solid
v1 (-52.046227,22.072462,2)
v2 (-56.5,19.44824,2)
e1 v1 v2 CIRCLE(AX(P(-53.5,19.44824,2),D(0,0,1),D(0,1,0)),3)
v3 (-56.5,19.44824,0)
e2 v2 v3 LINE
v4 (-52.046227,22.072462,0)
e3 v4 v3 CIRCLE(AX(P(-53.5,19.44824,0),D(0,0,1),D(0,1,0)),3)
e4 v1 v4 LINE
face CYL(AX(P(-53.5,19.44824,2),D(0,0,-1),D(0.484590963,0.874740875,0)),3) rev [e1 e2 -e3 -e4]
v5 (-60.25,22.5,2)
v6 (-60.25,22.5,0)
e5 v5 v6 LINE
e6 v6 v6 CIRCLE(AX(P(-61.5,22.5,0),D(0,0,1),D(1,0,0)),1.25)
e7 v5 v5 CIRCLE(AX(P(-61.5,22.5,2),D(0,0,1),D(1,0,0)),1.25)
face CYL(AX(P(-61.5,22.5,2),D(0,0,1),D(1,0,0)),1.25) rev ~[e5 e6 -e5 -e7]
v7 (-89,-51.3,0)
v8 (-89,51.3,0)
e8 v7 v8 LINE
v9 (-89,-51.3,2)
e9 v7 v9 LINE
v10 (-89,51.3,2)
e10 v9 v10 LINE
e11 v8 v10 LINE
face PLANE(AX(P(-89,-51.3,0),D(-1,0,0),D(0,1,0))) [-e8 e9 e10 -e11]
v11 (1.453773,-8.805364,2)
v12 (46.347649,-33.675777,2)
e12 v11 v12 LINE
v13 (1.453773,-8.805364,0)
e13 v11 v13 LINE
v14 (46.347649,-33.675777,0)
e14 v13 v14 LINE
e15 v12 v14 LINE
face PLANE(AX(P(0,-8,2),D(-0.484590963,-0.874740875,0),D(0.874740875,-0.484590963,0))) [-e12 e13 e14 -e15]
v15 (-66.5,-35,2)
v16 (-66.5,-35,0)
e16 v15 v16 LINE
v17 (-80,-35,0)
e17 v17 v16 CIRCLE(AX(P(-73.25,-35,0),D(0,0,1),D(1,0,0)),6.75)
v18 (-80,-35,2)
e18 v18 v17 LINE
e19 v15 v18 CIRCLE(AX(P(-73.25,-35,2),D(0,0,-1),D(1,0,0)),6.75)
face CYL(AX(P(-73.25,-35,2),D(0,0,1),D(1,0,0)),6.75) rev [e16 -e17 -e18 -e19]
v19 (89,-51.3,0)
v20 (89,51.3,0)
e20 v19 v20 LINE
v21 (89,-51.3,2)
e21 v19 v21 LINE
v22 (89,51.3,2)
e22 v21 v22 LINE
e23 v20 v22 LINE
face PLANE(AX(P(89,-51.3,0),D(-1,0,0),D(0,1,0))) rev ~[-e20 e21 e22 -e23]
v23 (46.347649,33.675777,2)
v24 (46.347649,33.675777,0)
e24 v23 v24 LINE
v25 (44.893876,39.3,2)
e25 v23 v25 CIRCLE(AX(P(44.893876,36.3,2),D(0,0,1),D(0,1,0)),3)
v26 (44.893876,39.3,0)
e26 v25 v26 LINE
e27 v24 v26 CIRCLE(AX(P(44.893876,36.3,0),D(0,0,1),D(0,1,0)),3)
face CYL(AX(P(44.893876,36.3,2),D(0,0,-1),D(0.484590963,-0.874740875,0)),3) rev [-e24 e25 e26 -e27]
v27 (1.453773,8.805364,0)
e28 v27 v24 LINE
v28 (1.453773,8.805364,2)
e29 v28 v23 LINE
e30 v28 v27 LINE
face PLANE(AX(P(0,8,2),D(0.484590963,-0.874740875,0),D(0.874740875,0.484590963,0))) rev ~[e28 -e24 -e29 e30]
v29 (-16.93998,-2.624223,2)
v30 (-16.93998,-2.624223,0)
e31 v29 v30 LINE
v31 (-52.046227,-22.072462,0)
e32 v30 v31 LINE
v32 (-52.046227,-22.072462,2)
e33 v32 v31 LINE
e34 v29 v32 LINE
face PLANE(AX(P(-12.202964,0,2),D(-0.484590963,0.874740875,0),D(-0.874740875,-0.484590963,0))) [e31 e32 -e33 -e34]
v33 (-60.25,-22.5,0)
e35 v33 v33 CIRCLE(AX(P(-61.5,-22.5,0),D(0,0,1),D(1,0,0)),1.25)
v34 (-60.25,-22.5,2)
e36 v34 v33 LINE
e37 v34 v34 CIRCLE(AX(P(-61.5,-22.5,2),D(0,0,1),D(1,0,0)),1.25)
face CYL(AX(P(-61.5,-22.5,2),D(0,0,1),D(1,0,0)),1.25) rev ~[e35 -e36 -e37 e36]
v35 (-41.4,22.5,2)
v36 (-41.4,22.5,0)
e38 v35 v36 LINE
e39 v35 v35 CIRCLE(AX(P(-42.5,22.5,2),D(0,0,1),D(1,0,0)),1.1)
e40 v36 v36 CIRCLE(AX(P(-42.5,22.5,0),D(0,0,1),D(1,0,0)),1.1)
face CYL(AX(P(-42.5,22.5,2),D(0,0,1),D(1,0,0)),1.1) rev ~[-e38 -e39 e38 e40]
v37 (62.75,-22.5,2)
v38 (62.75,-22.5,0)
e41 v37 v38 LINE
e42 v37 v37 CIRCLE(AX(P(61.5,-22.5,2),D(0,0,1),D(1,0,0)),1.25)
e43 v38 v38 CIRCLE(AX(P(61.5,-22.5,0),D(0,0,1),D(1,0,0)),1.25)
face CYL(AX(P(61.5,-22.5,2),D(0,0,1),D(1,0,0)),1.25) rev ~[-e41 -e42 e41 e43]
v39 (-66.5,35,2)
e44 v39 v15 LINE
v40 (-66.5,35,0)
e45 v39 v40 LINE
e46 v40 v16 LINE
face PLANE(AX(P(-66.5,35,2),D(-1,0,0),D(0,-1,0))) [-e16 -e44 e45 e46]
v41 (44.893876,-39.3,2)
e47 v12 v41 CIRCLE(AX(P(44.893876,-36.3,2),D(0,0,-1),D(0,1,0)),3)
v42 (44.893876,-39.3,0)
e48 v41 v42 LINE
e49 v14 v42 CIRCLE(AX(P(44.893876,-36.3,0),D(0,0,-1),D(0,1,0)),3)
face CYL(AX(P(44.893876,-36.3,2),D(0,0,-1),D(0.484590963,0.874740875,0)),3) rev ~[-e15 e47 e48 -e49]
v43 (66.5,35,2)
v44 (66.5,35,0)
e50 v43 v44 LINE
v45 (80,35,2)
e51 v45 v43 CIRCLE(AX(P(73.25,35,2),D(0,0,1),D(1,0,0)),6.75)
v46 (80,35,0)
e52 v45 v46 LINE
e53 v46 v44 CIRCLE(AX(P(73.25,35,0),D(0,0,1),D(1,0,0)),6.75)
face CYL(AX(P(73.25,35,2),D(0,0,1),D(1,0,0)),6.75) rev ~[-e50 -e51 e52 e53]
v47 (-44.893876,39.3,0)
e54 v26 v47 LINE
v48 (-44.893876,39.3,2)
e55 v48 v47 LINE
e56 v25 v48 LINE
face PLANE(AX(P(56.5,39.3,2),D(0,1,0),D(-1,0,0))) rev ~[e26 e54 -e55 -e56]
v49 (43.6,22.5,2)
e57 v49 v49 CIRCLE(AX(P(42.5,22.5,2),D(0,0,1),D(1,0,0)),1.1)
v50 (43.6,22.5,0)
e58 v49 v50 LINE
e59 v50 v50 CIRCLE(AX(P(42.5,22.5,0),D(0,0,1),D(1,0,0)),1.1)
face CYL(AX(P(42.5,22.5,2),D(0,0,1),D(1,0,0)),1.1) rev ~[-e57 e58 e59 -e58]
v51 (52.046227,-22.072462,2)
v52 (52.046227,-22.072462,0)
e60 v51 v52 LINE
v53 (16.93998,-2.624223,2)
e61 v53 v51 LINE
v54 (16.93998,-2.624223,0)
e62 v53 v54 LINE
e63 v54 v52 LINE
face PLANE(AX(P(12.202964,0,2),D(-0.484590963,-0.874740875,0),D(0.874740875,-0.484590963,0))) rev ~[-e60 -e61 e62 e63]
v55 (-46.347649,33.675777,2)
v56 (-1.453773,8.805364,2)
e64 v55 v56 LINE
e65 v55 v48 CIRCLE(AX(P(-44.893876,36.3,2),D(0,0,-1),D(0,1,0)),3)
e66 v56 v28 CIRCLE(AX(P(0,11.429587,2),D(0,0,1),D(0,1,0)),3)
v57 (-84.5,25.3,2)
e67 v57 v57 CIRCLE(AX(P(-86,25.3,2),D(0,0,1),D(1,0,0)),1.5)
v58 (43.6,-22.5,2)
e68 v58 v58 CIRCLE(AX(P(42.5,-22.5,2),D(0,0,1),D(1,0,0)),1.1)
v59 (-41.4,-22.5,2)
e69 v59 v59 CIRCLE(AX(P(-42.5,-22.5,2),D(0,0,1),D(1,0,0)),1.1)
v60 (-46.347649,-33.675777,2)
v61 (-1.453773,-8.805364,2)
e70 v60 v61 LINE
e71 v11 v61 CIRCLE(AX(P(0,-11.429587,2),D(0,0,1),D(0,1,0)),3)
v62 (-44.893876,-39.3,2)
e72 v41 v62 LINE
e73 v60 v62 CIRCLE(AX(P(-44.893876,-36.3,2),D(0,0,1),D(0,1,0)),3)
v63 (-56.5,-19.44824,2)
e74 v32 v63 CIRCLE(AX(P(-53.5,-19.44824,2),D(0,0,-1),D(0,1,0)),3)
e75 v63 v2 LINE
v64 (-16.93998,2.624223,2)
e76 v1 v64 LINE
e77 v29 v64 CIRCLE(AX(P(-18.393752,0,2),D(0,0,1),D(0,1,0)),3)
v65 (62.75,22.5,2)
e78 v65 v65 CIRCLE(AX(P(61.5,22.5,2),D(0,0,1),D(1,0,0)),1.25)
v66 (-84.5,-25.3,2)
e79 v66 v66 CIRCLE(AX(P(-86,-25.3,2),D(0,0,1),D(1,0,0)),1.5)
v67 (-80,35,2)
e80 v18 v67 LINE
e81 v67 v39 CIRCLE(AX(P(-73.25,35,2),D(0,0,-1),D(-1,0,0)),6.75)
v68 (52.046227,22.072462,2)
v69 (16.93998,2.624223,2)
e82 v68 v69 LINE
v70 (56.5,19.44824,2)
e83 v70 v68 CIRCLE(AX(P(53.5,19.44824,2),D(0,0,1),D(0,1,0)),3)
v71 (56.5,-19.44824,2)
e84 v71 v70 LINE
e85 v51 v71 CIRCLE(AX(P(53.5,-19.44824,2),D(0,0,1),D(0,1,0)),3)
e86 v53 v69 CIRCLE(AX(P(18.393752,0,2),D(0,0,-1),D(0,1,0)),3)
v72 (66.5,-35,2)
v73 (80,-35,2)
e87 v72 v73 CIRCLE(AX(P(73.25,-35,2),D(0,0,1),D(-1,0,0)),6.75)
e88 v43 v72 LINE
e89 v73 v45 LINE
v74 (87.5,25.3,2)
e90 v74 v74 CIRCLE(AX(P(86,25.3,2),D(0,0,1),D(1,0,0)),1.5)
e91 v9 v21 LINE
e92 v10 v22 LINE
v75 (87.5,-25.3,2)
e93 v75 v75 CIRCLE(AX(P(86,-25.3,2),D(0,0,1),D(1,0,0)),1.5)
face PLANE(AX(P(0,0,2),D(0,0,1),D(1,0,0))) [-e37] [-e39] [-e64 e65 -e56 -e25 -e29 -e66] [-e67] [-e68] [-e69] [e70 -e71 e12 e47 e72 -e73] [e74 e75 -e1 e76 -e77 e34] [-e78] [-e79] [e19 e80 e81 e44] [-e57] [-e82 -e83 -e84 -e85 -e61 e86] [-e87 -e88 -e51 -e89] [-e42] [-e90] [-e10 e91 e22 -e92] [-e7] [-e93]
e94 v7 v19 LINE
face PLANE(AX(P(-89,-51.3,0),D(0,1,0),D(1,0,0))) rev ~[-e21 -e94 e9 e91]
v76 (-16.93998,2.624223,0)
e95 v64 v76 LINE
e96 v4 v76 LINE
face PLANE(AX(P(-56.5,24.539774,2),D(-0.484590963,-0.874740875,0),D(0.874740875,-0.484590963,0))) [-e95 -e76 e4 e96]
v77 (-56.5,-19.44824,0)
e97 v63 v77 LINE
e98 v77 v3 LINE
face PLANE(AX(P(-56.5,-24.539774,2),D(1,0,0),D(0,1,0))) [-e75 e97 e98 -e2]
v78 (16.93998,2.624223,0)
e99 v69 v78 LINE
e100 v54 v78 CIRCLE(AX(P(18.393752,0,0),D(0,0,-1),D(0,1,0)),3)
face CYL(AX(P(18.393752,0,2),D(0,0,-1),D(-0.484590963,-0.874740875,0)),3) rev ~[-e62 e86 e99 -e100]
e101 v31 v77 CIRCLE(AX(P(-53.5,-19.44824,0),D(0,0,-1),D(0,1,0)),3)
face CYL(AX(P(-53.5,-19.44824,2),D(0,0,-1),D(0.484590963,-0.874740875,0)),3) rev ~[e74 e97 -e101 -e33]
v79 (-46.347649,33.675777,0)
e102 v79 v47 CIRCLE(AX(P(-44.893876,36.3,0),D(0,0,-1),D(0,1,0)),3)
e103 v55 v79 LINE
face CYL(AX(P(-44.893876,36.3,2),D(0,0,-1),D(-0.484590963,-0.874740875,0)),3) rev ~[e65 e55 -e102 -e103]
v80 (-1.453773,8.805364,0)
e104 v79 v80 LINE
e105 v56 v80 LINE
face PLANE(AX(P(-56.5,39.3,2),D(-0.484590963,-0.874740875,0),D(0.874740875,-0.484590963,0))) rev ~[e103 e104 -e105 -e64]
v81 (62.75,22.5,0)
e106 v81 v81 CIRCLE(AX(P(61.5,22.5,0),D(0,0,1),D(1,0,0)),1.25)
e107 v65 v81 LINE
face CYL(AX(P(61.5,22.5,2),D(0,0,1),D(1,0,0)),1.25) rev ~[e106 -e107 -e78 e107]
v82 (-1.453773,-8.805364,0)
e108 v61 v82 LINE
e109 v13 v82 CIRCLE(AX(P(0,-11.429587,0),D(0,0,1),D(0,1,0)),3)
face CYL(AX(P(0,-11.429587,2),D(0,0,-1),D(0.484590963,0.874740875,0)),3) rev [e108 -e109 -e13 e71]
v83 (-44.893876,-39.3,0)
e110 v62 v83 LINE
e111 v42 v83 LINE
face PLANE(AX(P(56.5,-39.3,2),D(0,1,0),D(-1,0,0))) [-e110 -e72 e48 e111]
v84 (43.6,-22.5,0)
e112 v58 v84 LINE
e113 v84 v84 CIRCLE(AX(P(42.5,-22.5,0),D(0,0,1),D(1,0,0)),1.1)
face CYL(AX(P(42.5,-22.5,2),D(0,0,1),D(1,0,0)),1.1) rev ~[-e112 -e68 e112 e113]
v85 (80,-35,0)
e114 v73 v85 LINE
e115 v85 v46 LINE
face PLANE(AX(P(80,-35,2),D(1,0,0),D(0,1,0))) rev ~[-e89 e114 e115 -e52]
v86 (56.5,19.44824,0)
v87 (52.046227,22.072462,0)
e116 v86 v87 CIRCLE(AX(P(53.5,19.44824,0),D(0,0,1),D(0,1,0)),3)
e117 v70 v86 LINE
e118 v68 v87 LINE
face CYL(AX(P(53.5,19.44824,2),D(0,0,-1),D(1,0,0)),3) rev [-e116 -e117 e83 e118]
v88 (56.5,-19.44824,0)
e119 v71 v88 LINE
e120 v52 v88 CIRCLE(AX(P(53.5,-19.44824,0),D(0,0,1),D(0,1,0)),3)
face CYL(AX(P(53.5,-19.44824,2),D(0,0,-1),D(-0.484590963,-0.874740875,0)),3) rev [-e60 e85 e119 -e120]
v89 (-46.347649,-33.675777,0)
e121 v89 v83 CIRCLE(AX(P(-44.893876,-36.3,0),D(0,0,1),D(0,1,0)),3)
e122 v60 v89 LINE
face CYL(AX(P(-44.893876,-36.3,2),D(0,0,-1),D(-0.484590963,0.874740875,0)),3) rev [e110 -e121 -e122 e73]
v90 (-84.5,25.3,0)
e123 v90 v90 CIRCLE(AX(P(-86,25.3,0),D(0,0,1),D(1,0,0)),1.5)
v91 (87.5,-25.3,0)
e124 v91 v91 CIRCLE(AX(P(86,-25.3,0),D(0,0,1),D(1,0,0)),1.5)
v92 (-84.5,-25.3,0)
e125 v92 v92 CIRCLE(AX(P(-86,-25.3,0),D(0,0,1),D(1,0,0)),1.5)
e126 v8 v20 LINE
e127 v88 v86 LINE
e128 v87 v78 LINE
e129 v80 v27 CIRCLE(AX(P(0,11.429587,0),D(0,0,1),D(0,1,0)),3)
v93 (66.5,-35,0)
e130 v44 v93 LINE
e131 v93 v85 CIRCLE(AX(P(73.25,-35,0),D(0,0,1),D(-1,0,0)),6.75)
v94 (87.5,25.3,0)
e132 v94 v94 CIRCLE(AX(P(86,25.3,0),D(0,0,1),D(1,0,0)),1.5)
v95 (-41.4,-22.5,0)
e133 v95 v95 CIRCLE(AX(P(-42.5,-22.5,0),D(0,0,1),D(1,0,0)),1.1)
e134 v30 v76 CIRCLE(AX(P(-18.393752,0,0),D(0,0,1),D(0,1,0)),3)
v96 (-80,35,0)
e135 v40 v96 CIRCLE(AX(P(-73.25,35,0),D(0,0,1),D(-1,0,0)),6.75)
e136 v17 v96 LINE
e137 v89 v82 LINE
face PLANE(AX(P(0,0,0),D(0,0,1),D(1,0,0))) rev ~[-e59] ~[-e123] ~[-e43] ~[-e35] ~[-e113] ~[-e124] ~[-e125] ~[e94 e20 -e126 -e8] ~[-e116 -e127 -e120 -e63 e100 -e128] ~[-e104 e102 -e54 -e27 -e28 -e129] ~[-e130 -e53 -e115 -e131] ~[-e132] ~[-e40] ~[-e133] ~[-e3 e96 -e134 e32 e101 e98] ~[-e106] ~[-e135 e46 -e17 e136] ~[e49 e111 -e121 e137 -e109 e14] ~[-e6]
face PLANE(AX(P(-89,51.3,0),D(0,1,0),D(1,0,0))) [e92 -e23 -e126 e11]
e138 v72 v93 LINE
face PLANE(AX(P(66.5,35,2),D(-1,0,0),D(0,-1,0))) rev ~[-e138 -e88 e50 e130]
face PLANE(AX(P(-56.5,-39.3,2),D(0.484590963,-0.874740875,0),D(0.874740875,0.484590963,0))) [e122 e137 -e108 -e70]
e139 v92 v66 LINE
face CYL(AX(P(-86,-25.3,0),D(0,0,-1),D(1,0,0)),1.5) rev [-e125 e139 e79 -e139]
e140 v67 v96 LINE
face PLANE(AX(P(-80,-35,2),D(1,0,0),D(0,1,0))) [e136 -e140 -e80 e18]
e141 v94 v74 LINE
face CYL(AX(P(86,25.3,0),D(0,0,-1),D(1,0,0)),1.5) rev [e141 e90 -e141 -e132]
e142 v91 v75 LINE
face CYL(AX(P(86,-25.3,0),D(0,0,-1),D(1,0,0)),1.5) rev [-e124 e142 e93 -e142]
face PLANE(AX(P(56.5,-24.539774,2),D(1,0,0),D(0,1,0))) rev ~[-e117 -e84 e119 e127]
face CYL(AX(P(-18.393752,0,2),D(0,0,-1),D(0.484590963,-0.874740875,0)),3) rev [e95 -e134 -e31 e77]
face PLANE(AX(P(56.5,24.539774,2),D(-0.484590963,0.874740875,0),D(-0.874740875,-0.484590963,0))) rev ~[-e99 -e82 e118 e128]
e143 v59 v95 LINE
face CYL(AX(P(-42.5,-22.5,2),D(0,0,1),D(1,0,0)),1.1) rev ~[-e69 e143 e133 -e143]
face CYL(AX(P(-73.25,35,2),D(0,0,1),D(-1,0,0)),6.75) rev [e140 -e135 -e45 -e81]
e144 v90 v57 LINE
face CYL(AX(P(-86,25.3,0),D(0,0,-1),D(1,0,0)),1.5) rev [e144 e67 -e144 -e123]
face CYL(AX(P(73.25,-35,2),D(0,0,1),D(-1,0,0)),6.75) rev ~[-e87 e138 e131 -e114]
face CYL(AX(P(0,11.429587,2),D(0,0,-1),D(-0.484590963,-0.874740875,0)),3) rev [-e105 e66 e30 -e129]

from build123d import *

# Parameters (mm, degrees)
SKETCH_1_W          = 178
SKETCH_1_H          = 102.6
SKETCH_1_R          = 1.5
EXTRUDE_1_DEPTH     = 2
SKETCH_3_R          = 1.25
SKETCH_3_R_2        = 1.1
CUT_EXTRUDE_1_DEPTH = 103.74575417
CUT_EXTRUDE_2_DEPTH = 103.74575417
FILLET_1_R          = 3


with BuildPart() as part:
    # 草图1 → 凸台-拉伸1 (new body)
    with BuildSketch(Plane.XY):
        Rectangle(SKETCH_1_W, SKETCH_1_H)
        with Locations((-86, 25.3)):
            Circle(SKETCH_1_R, mode=Mode.SUBTRACT)
        with Locations((-86, -25.3)):
            Circle(SKETCH_1_R, mode=Mode.SUBTRACT)
        with Locations((86, 25.3)):
            Circle(SKETCH_1_R, mode=Mode.SUBTRACT)
        with Locations((86, -25.3)):
            Circle(SKETCH_1_R, mode=Mode.SUBTRACT)
    extrude(amount=EXTRUDE_1_DEPTH)

    # 草图3 → 切除-拉伸1 (cut, through all)
    with BuildSketch(Plane.XY.offset(2)):
        with Locations((-61.5, -22.5)):
            Circle(SKETCH_3_R)
        with Locations((-61.5, 22.5)):
            Circle(SKETCH_3_R)
        with Locations((61.5, -22.5)):
            Circle(SKETCH_3_R)
        with Locations((61.5, 22.5)):
            Circle(SKETCH_3_R)
        with Locations((-42.5, -22.5)):
            Circle(SKETCH_3_R_2)
        with Locations((-42.5, 22.5)):
            Circle(SKETCH_3_R_2)
        with Locations((42.5, 22.5)):
            Circle(SKETCH_3_R_2)
        with Locations((42.5, -22.5)):
            Circle(SKETCH_3_R_2)
    extrude(amount=-CUT_EXTRUDE_1_DEPTH, mode=Mode.SUBTRACT)

    # 草图4 → 切除-拉伸2 (cut, through all)
    with BuildSketch(Plane.XY.offset(2)):
        with BuildLine():
            Line((-80, -35), (-80, 35))
            ThreePointArc((-80, 35), (-73.25, 41.75), (-66.5, 35))
            Line((-66.5, 35), (-66.5, -35))
            ThreePointArc((-66.5, -35), (-73.25, -41.75), (-80, -35))
        make_face()
        with BuildLine():
            Line((80, -35), (80, 35))
            ThreePointArc((80, 35), (73.25, 41.75), (66.5, 35))
            Line((66.5, 35), (66.5, -35))
            ThreePointArc((66.5, -35), (73.25, -41.75), (80, -35))
        make_face()
        Polygon((-56.5, -24.539773754), (-56.5, 24.539773754), (-12.202964311, 0), align=None)
        Polygon((-56.5, 39.3), (0, 8), (56.5, 39.3), align=None)
        Polygon((56.5, -39.3), (-56.5, -39.3), (0, -8), align=None)
        Polygon((12.202964311, 0), (56.5, -24.539773754), (56.5, 24.539773754), align=None)
    extrude(amount=-CUT_EXTRUDE_2_DEPTH, mode=Mode.SUBTRACT)

    # 圆角1
    fillet_1_edges = [part.edges().sort_by_distance(p)[0] for p in [
        (12.202964311, 0, 1),
        (56.5, 24.539773754, 1),
        (56.5, -24.539773754, 1),
        (56.5, 39.3, 1),
        (0, 8, 1),
        (-56.5, 39.3, 1),
        (-12.202964311, 0, 1),
        (-56.5, -24.539773754, 1),
        (-56.5, 24.539773754, 1),
        (-56.5, -39.3, 1),
        (0, -8, 1),
        (56.5, -39.3, 1),
    ]]
    fillet(fillet_1_edges, radius=FILLET_1_R)


solid = part.part
